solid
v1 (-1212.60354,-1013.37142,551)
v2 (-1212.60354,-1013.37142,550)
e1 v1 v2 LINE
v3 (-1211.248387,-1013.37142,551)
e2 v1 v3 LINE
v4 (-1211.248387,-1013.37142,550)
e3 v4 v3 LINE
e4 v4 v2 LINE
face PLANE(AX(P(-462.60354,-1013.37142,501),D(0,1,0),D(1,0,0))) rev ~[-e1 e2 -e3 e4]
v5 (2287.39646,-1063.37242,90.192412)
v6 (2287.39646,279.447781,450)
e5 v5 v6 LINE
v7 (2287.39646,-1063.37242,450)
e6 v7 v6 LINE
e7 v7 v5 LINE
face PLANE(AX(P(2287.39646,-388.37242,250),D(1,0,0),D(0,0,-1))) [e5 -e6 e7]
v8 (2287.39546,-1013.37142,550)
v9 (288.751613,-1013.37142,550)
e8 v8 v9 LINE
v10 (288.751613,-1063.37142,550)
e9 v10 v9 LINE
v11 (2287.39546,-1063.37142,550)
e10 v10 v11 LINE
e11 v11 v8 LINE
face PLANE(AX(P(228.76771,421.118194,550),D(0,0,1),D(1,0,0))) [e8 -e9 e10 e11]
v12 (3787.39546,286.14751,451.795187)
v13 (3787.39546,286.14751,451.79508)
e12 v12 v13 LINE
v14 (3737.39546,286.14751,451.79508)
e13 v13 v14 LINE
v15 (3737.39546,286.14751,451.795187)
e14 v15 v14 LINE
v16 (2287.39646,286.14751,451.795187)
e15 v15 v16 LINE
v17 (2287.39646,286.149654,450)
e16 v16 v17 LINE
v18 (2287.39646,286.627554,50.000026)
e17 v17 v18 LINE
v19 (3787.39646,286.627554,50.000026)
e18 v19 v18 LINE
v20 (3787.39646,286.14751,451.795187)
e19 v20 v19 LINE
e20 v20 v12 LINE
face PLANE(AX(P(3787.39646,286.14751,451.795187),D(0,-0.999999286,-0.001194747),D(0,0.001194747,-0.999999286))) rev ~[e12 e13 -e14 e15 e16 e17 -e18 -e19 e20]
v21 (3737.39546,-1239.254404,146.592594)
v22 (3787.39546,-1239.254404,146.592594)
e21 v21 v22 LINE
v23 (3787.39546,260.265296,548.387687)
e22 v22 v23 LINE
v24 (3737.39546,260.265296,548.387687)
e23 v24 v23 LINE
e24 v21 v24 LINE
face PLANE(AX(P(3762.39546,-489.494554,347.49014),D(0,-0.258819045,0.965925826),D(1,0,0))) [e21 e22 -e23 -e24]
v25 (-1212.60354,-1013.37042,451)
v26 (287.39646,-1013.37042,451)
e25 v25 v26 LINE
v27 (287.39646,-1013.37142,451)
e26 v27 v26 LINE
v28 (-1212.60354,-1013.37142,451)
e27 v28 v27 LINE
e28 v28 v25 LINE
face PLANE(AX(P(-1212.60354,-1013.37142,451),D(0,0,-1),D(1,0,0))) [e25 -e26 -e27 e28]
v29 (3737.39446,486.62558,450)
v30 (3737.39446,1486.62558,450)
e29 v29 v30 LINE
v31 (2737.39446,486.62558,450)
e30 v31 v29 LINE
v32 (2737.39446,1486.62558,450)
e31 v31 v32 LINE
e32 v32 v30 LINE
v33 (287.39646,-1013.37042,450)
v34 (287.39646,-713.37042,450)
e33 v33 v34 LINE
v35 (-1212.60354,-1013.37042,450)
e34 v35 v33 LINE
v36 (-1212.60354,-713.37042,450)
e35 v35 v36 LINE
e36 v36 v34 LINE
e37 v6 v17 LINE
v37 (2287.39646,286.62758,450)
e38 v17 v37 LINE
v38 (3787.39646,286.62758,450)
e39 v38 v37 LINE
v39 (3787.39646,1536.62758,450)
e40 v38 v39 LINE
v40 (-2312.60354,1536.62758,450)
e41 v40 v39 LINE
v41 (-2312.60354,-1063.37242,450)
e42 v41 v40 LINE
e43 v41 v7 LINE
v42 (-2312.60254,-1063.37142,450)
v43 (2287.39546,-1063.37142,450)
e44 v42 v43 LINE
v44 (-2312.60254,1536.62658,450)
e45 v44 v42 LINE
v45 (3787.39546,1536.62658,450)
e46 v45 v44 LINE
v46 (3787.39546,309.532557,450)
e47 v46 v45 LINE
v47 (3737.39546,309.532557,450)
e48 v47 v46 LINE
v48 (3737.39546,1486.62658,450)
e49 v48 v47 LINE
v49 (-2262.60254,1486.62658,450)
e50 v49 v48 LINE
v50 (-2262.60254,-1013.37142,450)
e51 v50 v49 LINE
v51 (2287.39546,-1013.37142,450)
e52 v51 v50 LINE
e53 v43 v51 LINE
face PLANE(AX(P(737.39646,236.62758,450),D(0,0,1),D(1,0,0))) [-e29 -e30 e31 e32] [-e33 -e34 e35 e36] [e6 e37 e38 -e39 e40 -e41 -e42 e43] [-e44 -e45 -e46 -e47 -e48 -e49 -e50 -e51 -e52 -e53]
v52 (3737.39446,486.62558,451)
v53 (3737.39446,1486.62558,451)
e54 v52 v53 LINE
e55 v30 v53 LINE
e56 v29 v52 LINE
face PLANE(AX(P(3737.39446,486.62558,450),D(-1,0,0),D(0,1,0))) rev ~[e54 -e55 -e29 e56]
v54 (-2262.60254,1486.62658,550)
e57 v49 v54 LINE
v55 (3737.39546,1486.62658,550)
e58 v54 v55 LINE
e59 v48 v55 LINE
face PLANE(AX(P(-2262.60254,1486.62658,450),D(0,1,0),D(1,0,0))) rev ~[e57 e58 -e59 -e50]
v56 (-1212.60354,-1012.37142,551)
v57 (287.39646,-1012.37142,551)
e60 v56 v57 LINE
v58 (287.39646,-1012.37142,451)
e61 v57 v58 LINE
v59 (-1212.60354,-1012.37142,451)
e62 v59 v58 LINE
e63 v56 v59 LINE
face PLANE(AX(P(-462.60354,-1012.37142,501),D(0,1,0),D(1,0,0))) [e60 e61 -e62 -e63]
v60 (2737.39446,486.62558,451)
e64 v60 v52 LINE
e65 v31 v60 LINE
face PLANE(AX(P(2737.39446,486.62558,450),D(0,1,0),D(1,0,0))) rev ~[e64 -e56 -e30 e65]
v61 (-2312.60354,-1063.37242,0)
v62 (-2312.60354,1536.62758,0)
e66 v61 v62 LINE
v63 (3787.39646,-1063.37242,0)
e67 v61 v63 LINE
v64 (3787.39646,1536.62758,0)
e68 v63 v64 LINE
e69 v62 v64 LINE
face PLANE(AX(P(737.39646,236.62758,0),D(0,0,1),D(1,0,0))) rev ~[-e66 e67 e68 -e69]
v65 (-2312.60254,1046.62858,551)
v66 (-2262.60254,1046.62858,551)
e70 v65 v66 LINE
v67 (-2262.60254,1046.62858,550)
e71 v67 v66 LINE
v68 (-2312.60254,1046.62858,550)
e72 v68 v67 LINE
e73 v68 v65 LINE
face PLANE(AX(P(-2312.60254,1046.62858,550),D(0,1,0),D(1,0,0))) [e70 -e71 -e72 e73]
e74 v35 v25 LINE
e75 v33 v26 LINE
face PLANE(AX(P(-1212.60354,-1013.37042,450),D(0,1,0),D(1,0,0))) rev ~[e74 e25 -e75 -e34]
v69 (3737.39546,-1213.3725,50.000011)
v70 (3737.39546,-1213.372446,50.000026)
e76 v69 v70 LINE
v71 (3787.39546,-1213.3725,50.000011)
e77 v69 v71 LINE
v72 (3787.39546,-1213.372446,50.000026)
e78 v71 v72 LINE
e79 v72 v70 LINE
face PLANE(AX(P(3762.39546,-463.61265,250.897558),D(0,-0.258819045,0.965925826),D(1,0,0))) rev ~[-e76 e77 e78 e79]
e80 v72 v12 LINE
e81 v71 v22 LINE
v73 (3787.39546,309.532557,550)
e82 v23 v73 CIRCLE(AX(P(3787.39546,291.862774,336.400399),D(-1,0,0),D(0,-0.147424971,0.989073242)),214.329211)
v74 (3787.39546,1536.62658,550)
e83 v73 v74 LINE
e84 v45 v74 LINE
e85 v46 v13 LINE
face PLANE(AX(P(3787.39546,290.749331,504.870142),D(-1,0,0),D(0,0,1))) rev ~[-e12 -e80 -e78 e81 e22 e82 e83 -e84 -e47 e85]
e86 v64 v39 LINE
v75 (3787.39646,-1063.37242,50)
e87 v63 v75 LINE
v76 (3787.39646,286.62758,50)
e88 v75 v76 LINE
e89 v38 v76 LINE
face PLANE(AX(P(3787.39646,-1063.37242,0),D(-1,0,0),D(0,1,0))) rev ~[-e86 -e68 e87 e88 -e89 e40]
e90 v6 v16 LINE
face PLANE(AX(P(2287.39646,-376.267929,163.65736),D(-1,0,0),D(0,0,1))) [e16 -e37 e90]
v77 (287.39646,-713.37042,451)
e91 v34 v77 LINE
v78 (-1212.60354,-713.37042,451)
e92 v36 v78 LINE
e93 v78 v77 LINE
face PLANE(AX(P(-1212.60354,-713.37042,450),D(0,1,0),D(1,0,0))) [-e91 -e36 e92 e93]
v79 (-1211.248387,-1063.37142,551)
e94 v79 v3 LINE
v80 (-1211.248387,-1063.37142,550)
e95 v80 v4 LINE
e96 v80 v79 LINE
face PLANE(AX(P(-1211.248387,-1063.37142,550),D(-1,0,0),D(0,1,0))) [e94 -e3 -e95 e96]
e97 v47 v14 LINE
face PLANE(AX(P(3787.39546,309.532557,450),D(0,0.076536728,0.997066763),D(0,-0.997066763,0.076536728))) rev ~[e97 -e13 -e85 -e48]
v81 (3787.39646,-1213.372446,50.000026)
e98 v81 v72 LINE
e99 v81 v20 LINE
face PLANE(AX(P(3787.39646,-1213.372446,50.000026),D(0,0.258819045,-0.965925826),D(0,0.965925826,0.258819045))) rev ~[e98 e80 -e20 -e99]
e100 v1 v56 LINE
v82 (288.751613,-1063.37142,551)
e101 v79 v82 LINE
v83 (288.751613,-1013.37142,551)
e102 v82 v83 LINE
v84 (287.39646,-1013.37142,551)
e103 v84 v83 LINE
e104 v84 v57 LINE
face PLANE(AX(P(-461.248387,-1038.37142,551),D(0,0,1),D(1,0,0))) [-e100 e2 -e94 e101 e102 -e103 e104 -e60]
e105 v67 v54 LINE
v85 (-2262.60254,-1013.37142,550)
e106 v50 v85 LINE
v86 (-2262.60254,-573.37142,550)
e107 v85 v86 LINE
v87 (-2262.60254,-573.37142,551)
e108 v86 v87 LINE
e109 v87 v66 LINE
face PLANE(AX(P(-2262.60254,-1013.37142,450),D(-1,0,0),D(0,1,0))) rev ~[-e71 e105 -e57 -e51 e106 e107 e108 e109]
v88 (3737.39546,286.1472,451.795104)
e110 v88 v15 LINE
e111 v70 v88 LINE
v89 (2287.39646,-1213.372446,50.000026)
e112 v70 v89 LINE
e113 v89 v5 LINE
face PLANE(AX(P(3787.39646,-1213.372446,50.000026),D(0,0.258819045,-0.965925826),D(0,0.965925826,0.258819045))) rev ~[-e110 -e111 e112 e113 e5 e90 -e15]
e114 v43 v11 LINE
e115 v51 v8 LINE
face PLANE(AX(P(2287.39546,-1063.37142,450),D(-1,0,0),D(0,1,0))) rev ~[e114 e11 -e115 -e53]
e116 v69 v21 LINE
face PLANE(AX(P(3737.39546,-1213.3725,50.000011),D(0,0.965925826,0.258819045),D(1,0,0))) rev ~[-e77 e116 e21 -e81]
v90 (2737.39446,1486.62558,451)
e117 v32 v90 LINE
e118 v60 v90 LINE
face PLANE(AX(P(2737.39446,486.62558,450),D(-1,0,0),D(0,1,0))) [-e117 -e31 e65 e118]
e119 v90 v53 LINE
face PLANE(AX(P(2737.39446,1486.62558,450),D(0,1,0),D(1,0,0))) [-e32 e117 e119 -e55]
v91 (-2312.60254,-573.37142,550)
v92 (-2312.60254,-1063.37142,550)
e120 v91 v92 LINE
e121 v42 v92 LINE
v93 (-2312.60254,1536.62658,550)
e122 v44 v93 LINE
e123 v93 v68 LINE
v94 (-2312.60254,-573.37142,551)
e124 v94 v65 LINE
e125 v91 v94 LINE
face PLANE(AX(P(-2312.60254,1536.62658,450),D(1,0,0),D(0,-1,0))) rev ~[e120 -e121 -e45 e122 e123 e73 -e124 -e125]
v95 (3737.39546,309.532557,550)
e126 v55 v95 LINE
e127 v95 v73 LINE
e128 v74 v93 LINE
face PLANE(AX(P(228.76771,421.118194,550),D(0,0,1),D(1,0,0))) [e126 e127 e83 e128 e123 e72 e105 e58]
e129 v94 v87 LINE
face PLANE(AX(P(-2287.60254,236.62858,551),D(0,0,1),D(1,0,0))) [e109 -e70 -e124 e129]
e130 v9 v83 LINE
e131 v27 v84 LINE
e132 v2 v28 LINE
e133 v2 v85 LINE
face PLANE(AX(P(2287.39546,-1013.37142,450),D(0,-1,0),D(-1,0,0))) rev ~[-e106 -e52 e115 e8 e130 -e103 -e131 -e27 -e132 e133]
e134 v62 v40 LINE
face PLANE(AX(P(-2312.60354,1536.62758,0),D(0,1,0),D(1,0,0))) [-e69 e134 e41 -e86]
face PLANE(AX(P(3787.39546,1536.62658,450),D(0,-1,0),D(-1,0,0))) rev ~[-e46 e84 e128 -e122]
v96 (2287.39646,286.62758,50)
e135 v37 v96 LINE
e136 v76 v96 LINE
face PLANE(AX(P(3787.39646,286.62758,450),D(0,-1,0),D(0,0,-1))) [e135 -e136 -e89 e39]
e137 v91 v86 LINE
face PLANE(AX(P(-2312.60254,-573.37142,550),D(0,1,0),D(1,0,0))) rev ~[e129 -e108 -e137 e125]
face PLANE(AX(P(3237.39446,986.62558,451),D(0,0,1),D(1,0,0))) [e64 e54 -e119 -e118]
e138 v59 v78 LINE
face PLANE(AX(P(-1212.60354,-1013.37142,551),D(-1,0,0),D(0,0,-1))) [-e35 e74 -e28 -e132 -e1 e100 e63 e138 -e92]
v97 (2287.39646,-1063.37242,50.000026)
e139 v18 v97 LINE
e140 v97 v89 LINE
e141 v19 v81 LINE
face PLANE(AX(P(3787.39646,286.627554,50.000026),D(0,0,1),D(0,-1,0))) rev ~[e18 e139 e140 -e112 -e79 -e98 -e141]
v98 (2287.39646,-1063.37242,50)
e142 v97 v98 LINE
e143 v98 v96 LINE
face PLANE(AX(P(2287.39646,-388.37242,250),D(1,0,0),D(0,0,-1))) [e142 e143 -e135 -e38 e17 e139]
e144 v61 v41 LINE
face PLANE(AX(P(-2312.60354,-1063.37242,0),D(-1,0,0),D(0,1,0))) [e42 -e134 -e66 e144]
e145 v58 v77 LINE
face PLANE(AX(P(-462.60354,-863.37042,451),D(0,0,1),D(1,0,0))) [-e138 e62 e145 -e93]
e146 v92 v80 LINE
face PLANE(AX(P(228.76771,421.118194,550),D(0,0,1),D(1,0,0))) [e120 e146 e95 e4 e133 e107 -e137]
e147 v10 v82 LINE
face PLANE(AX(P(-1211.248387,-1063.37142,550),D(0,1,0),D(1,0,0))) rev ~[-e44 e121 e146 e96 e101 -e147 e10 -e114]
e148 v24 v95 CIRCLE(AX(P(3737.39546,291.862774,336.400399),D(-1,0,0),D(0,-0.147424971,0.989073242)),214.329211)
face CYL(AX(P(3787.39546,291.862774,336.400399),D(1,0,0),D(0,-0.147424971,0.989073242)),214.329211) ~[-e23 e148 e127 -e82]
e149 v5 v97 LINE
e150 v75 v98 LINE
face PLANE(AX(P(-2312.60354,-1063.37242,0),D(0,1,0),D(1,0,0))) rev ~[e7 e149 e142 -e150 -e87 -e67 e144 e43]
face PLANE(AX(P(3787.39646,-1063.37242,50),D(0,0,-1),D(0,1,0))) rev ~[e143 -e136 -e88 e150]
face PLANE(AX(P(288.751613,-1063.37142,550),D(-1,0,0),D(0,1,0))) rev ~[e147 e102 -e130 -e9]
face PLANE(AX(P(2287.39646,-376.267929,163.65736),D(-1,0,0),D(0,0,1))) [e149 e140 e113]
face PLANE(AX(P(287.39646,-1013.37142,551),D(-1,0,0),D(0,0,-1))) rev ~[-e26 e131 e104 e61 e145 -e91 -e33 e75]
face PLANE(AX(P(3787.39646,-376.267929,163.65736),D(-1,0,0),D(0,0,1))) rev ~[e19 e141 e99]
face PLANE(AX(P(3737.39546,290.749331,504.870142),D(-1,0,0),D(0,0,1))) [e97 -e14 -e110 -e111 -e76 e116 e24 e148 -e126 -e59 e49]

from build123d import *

# Parameters (mm, degrees)
SKETCH1_W            = 6100
SKETCH1_H            = 2600
BOSS_EXTRUDE1_DEPTH  = 450
SKETCH4_W            = 400
SKETCH4_H            = 1350
CUT_EXTRUDE1_DEPTH   = 1500
BOSS_EXTRUDE3_DEPTH  = 1500
SKETCH6_W            = 50
SKETCH6_H            = 1552.417027542
BOSS_EXTRUDE4_DEPTH  = 100
BOSS_EXTRUDE5_DEPTH  = 100
SKETCH8_W            = 1000
SKETCH8_H            = 1000
BOSS_EXTRUDE6_DEPTH  = 1
SKETCH9_W            = 1500
SKETCH9_H            = 300
BOSS_EXTRUDE7_DEPTH  = 1
SKETCH11_W           = 50
SKETCH11_H           = 1620
BOSS_EXTRUDE8_DEPTH  = 1
BOSS_EXTRUDE9_DEPTH  = 50
SKETCH13_W           = 1500
SKETCH13_H           = 100
BOSS_EXTRUDE10_DEPTH = 1
SKETCH14_W           = 1500
SKETCH14_H           = 50
BOSS_EXTRUDE11_DEPTH = 1


with BuildPart() as part:
    # Sketch1 → Boss-Extrude1 (new body)
    with BuildSketch(Plane.XY):
        with Locations((737.396460488, 236.627579872)):
            Rectangle(SKETCH1_W, SKETCH1_H)
    extrude(amount=BOSS_EXTRUDE1_DEPTH)

    # Sketch4 → Cut-Extrude1 (cut)
    with BuildSketch(Plane(origin=(3787.396460488, 0, 0), x_dir=(0, 0, -1), z_dir=(1, 0, 0))):
        with Locations((-250, -388.372420128)):
            Rectangle(SKETCH4_W, SKETCH4_H)
    extrude(amount=-CUT_EXTRUDE1_DEPTH, mode=Mode.SUBTRACT)

    # Sketch5 → Boss-Extrude3 (add)
    with BuildSketch(Plane(origin=(3787.396460488, 0, 0), x_dir=(0, 0, -1), z_dir=(1, 0, 0))):
        Polygon((-451.795187023, 286.147509687), (-50.000025773, 286.627553668), (-50.000025773, -1213.372446332), align=None)
    extrude(amount=-BOSS_EXTRUDE3_DEPTH)

    # Sketch6 → Boss-Extrude4 (add)
    with BuildSketch(Plane(origin=(0, -93.780548221, 349.993770724), x_dir=(1, 0, 0), z_dir=(0, -0.2588190451025147, 0.96592582628907))):
        with Locations((3762.395460488, -382.87836543)):
            Rectangle(SKETCH6_W, SKETCH6_H)
    extrude(amount=BOSS_EXTRUDE4_DEPTH)

    # Sketch7 → Boss-Extrude5 (add)
    with BuildSketch(Plane.XY.offset(450)):
        Polygon((3787.395460488, 309.532556673), (3787.395460488, 1536.626579872), (-2312.602539512, 1536.626579872), (-2312.602539512, -1063.371420128), (2287.395460488, -1063.371420128), (2287.395460488, -1013.371420128), (-2262.602539512, -1013.371420128), (-2262.602539512, 1486.626579872), (3737.395460488, 1486.626579872), (3737.395460488, 309.532556673), align=None)
    extrude(amount=BOSS_EXTRUDE5_DEPTH)

    # Sketch8 → Boss-Extrude6 (add)
    with BuildSketch(Plane.XY.offset(450)):
        with Locations((3237.394460488, 986.625579872)):
            Rectangle(SKETCH8_W, SKETCH8_H)
    extrude(amount=BOSS_EXTRUDE6_DEPTH)

    # Sketch9 → Boss-Extrude7 (add)
    with BuildSketch(Plane.XY.offset(450)):
        with Locations((-462.603539512, -863.370420128)):
            Rectangle(SKETCH9_W, SKETCH9_H)
    extrude(amount=BOSS_EXTRUDE7_DEPTH)

    # Sketch11 → Boss-Extrude8 (add)
    with BuildSketch(Plane.XY.offset(550)):
        with Locations((-2287.602539512, 236.628579872)):
            Rectangle(SKETCH11_W, SKETCH11_H)
    extrude(amount=BOSS_EXTRUDE8_DEPTH)

    # Sketch12 → Boss-Extrude9 (add)
    with BuildSketch(Plane(origin=(3787.395460488, 0, 0), x_dir=(0, 0, -1), z_dir=(1, 0, 0))):
        with BuildLine():
            Line((-550, 309.532556673), (-450, 309.532556673))
            Line((-450, 309.532556673), (-451.795104128, 286.14720032))
            Line((-451.795104128, 286.14720032), (-548.387686757, 260.265295809))
            ThreePointArc((-548.387686757, 260.265295809), (-550.614930996, 284.852419934), (-550, 309.532556673))
        make_face()
    extrude(amount=-BOSS_EXTRUDE9_DEPTH)

    # Sketch13 → Boss-Extrude10 (add)
    with BuildSketch(Plane(origin=(0, -1013.371420128, 0), x_dir=(1, 0, 0), z_dir=(0, 1, 0))):
        with Locations((-462.603539512, -501)):
            Rectangle(SKETCH13_W, SKETCH13_H)
    extrude(amount=BOSS_EXTRUDE10_DEPTH)

    # Sketch14 → Boss-Extrude11 (add)
    with BuildSketch(Plane.XY.offset(550)):
        with Locations((-461.248387127, -1038.371420128)):
            Rectangle(SKETCH14_W, SKETCH14_H)
    extrude(amount=BOSS_EXTRUDE11_DEPTH)


solid = part.part
